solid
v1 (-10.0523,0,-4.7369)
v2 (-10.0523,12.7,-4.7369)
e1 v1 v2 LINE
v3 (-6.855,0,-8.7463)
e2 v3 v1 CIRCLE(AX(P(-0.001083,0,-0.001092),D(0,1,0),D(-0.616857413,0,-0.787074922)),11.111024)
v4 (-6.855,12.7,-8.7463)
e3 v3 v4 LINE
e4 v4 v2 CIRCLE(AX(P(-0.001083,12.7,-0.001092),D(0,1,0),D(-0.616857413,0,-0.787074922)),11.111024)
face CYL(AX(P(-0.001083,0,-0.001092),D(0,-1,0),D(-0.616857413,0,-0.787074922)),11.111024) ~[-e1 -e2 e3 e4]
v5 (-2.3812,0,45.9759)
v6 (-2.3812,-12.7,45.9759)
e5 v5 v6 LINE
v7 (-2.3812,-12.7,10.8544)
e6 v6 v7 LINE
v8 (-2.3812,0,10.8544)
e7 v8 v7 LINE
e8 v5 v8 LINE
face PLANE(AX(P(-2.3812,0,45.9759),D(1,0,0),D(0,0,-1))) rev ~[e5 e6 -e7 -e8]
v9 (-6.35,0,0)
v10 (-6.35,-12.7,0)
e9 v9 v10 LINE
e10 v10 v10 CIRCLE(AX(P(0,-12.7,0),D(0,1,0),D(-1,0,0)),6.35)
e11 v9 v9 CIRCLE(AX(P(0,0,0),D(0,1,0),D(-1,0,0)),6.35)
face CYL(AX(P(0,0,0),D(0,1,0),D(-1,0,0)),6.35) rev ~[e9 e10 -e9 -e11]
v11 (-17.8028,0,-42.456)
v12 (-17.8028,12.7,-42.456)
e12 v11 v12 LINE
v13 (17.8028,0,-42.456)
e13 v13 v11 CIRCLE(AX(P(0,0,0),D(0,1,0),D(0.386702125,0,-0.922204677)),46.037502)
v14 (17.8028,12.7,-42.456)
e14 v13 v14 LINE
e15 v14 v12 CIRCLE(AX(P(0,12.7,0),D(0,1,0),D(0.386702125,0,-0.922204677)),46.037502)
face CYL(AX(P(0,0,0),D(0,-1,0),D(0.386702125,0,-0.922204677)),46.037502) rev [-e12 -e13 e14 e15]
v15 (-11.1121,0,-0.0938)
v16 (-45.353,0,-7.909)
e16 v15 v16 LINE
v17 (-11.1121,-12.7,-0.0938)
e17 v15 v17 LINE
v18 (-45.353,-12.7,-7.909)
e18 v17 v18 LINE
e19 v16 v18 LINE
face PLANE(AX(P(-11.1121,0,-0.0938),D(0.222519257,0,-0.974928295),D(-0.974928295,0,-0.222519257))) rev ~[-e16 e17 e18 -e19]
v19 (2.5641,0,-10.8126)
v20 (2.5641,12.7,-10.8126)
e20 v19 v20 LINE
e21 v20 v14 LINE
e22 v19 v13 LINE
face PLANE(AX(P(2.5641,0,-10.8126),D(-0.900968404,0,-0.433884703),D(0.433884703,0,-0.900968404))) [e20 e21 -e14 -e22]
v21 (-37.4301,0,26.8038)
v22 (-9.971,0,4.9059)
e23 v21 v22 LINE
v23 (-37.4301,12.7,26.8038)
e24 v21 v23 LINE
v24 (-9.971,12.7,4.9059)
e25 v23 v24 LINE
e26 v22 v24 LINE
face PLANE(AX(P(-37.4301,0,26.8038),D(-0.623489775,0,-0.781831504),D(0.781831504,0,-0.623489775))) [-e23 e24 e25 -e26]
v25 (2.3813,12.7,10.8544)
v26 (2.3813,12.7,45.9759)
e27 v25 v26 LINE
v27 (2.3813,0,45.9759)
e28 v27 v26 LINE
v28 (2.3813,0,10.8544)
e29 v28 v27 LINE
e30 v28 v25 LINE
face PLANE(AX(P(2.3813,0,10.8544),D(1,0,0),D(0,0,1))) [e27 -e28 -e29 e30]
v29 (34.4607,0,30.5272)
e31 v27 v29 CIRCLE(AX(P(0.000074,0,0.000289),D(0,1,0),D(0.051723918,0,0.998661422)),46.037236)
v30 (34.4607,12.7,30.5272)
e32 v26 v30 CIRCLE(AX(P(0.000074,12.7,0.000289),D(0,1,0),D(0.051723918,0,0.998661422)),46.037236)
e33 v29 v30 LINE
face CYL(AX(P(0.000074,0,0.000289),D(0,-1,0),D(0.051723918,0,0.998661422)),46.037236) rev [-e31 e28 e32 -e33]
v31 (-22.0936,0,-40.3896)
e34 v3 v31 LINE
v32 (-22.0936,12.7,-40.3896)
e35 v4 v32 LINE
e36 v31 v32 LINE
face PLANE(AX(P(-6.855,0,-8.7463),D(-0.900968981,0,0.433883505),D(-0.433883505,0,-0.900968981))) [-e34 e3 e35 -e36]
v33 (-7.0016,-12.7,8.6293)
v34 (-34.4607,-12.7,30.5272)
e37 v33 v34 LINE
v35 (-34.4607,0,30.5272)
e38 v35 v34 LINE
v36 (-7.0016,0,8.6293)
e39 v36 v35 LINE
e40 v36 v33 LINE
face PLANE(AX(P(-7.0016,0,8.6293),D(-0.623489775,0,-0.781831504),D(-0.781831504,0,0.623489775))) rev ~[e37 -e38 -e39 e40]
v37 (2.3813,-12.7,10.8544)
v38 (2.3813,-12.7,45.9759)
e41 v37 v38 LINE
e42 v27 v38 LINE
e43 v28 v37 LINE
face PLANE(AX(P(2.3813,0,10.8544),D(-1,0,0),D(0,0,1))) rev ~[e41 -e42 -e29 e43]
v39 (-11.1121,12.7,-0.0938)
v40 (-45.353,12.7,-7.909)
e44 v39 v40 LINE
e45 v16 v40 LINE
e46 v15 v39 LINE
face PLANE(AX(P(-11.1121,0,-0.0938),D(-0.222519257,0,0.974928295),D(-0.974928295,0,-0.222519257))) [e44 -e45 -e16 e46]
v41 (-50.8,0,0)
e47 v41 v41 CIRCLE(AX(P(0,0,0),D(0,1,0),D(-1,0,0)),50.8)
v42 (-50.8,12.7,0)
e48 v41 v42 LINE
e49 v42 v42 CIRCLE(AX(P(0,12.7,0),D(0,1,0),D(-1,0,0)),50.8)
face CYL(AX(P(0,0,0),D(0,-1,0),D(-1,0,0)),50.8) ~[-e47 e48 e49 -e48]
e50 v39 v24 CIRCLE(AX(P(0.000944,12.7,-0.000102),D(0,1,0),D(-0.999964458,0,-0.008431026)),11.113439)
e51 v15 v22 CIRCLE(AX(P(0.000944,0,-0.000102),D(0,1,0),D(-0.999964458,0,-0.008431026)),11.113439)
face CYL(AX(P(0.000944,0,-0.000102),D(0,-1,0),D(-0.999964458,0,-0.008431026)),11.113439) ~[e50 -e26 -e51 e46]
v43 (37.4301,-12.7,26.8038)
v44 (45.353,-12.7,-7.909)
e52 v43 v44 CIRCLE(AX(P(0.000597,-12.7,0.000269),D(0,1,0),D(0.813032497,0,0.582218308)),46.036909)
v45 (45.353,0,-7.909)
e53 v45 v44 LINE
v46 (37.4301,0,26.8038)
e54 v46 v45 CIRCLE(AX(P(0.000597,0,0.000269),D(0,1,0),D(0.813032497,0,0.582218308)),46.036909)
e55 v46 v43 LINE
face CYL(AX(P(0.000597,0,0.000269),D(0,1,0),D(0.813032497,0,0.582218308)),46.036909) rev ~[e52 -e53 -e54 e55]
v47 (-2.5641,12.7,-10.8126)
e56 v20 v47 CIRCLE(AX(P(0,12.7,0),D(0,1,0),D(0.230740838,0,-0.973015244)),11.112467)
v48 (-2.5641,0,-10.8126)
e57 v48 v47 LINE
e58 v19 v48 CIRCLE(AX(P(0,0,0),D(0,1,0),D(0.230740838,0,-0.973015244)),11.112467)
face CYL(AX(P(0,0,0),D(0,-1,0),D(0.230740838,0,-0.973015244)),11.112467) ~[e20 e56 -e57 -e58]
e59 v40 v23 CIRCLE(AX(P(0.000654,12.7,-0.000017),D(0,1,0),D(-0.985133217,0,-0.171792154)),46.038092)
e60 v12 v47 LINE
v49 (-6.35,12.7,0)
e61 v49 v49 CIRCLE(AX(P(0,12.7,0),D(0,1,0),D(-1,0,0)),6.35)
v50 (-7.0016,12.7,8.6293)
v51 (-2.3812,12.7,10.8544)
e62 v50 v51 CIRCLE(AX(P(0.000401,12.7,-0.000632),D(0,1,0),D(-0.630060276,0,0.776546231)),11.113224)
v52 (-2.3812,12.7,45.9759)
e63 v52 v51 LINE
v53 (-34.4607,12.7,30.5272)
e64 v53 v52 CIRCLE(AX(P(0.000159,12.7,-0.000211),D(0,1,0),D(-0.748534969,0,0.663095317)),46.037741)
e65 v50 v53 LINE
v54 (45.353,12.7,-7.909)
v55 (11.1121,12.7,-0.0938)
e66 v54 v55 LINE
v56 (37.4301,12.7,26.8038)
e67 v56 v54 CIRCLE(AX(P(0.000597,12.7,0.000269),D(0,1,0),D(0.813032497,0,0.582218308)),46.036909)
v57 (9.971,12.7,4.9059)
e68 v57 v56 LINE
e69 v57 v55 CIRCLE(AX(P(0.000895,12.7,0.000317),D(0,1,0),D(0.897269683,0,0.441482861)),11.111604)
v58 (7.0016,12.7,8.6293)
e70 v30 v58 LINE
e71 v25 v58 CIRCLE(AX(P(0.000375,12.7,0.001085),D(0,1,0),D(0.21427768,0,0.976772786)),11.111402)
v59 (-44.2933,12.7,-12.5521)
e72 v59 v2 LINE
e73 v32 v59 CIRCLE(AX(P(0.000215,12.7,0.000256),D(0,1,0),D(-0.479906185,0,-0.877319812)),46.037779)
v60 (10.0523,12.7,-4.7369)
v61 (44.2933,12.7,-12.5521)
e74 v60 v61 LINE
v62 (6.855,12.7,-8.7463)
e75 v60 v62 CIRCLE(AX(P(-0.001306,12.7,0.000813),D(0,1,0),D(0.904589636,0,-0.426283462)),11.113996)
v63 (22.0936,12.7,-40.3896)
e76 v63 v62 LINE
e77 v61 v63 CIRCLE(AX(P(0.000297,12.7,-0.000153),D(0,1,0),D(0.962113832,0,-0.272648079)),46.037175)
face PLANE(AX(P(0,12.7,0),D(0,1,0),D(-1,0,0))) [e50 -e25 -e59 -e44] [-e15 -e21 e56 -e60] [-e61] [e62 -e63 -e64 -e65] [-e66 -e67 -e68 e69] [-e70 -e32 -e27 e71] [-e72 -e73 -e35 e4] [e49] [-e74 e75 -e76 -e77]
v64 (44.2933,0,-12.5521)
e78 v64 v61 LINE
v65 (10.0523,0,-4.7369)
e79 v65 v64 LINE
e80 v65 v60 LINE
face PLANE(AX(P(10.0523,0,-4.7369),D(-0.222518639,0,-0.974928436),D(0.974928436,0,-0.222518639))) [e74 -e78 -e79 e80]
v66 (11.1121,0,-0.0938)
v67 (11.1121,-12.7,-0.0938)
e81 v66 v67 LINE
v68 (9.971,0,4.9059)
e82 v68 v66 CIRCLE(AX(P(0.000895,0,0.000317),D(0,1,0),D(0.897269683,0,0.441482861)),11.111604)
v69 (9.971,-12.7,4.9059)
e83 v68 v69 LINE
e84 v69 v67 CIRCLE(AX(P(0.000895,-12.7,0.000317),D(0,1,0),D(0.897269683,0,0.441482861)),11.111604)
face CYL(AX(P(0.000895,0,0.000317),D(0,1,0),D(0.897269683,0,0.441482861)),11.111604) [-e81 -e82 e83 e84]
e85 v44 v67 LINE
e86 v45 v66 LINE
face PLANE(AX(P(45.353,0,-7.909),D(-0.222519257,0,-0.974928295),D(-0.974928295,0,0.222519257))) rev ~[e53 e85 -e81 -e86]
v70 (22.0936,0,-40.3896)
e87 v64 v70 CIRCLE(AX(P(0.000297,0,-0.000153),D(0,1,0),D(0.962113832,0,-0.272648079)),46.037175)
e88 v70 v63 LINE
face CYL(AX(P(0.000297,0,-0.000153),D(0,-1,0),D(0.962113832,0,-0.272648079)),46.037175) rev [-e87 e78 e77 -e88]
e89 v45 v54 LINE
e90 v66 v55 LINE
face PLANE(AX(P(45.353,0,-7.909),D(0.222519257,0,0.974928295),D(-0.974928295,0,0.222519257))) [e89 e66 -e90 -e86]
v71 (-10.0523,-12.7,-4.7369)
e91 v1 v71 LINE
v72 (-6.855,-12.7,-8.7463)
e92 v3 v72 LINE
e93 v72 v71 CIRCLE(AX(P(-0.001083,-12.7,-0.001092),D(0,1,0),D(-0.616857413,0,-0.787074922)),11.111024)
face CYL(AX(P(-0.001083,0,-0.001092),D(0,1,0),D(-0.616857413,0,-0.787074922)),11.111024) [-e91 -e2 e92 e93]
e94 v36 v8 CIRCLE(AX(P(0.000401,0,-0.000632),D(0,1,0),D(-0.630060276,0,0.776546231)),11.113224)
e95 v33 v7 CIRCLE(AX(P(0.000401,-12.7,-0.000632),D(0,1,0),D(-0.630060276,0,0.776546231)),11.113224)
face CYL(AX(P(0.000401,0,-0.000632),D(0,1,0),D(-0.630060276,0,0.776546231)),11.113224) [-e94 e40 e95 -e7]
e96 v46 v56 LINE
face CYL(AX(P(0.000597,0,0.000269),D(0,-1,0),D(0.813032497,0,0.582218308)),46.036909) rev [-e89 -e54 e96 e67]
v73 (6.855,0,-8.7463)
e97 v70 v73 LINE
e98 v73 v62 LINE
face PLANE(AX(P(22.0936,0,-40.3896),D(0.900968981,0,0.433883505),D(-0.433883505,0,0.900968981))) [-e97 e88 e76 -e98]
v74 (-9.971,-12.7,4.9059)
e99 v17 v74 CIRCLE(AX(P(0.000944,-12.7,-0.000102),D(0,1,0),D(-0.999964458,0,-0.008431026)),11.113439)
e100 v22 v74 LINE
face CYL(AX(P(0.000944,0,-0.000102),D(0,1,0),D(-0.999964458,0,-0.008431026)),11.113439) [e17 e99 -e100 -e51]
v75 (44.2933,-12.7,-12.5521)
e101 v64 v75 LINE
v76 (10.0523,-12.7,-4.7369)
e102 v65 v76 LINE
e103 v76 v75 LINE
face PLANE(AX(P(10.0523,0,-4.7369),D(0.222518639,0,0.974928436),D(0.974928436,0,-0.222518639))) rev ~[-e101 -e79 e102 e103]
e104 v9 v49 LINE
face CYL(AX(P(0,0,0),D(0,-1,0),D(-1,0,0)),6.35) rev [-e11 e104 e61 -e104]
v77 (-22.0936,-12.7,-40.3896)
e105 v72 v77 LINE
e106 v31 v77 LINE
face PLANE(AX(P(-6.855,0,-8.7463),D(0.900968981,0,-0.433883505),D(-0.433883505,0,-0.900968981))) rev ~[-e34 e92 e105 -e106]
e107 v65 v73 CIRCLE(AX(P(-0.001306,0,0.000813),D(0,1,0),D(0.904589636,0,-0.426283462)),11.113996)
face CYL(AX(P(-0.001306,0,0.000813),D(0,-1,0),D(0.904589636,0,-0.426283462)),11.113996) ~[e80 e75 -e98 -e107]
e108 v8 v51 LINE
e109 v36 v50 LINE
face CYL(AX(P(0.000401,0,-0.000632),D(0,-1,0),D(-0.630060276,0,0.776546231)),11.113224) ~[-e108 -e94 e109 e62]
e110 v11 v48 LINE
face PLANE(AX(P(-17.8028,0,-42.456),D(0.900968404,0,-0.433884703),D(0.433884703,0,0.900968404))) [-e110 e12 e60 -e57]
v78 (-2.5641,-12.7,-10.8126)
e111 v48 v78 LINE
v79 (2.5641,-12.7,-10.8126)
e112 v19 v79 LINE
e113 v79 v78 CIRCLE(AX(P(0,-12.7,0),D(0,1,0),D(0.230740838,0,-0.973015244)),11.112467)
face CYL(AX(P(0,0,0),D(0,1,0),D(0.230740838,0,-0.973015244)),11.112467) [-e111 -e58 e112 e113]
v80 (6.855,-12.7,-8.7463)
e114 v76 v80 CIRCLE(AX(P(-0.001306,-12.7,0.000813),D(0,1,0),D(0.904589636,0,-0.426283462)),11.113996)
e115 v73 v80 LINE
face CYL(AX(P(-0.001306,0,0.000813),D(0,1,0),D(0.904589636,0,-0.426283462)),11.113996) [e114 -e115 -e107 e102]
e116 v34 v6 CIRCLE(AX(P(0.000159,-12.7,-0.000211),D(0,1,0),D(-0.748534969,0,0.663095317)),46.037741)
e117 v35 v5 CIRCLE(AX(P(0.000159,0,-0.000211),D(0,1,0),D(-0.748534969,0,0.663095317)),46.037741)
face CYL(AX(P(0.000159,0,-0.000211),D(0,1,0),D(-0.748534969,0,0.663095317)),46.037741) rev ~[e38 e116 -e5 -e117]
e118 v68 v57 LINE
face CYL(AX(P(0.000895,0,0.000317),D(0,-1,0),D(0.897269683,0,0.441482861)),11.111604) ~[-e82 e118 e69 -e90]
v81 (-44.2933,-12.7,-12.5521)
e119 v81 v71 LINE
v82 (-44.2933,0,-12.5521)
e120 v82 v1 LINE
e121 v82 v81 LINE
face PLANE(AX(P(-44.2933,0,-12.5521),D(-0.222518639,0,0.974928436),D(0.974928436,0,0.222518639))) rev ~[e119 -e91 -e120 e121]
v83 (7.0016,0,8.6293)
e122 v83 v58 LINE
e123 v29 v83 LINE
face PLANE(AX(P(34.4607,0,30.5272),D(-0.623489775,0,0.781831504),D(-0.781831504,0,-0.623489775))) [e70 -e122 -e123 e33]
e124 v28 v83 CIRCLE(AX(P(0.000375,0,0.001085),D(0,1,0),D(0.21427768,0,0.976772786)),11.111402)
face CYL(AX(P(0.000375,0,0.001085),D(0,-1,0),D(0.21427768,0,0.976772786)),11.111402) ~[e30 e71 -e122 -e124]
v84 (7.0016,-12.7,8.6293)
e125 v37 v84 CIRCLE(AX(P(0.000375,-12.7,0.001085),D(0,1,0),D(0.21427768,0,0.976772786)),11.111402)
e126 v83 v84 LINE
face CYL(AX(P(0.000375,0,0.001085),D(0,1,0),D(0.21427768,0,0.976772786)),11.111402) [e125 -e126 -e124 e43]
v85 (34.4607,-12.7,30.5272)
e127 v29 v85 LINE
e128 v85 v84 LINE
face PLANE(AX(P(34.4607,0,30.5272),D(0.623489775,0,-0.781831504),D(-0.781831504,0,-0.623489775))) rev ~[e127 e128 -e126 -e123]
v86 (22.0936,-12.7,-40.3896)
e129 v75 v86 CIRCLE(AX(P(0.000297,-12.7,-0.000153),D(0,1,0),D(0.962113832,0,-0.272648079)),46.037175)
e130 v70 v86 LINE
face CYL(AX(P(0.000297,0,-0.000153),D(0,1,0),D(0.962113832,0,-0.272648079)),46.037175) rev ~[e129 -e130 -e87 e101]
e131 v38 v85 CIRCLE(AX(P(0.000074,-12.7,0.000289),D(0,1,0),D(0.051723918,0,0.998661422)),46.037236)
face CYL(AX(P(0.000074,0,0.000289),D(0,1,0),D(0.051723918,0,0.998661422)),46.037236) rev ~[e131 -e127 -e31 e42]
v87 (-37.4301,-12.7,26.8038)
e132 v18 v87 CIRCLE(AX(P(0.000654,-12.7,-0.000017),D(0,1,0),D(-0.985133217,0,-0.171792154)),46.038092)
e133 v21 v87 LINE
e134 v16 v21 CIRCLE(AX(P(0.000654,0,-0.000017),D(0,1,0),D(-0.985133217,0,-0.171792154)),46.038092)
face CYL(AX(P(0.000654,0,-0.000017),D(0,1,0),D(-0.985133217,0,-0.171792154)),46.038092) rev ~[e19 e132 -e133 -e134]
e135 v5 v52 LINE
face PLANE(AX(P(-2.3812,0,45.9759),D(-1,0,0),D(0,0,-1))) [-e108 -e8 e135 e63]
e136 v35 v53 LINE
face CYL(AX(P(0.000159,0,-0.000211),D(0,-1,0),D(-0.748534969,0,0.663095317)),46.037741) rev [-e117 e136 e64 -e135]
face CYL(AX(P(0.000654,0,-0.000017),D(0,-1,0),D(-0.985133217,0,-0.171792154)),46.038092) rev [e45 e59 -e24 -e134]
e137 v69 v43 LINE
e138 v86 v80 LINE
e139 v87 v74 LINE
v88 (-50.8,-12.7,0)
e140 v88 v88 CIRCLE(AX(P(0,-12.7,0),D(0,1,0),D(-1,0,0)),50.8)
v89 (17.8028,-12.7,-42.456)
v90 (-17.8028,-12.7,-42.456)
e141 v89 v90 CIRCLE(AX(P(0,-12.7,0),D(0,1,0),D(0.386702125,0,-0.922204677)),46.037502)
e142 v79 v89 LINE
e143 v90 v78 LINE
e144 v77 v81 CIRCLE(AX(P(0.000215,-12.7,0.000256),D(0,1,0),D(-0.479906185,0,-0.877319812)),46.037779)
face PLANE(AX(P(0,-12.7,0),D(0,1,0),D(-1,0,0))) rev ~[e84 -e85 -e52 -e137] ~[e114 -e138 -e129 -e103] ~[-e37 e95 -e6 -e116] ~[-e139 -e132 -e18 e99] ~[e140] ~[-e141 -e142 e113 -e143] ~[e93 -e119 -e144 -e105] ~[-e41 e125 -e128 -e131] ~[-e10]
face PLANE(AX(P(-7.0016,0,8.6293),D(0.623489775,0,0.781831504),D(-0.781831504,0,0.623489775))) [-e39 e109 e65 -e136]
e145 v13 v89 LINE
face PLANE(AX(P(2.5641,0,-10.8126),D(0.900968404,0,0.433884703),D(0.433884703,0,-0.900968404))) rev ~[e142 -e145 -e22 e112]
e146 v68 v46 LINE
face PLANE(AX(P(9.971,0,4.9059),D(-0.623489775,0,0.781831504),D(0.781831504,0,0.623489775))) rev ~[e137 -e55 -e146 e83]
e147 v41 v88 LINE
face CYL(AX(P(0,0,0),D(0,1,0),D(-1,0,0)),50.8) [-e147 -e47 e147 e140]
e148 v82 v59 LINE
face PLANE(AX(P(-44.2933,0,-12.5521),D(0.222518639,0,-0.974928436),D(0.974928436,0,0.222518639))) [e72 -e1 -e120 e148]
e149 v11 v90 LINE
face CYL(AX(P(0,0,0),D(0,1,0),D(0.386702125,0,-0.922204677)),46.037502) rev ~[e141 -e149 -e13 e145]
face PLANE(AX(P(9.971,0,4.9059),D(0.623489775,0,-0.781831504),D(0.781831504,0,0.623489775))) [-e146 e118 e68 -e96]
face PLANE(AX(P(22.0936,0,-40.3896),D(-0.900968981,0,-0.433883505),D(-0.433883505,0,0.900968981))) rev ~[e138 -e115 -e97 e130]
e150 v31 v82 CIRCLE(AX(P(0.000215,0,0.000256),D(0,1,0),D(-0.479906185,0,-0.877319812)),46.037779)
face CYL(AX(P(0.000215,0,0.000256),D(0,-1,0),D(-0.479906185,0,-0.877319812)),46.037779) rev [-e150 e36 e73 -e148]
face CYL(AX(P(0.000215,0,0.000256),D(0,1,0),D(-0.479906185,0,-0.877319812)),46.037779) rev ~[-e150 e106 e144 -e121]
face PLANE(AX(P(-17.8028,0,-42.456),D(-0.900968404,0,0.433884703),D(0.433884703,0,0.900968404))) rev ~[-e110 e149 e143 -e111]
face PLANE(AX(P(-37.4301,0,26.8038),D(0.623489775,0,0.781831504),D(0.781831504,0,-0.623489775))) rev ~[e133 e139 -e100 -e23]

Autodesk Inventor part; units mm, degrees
ref_plane "YZ Plane" through (0, 0, 0) normal (1, 0, 0) x (0, 1, 0)
ref_plane "XZ Plane" through (0, 0, 0) normal (0, 1, 0) x (-1, 0, 0)
ref_plane "XY Plane" through (0, 0, 0) normal (0, 0, 1) x (1, 0, 0)
sketch "Sketch1" plane through (0, 0, 0) normal (0, 1, 0) x (-1, 0, 0)
  circle A0 centre (0, 0) radius 6.35
  circle A1 centre (0, 0) radius 50.8
  arc A2 (-17.8028, -42.456) -> (17.8028, -42.456) centre (0, 0) ccw
  line L0 (0, 0) -> (0, -50.8) construction
  arc A3 (-2.5641, -10.8126) -> (2.5641, -10.8126) centre (0, 0) ccw
  line L1 (17.8028, -42.456) -> (2.5641, -10.8126)
  line L2 (-2.5641, -10.8126) -> (-17.8028, -42.456)
  line L3 (6.855, -8.7463) -> (22.0936, -40.3896)
  arc A4 (22.0936, -40.3896) -> (44.2933, -12.5521) centre (0, 0) ccw
  line L4 (44.2933, -12.5521) -> (10.0523, -4.7369)
  arc A5 (6.855, -8.7463) -> (10.0523, -4.7369) centre (0, 0) ccw
  line L5 (11.1121, -0.0938) -> (45.353, -7.909)
  arc A6 (45.353, -7.909) -> (37.4301, 26.8038) centre (0, 0) ccw
  line L6 (37.4301, 26.8038) -> (9.971, 4.9059)
  arc A7 (11.1121, -0.0938) -> (9.971, 4.9059) centre (0, 0) ccw
  line L7 (7.0016, 8.6293) -> (34.4607, 30.5272)
  arc A8 (34.4607, 30.5272) -> (2.3812, 45.9759) centre (0, 0) ccw
  line L8 (2.3812, 45.9759) -> (2.3812, 10.8544)
  arc A9 (7.0016, 8.6293) -> (2.3812, 10.8544) centre (0, 0) ccw
  line L9 (-2.3813, 10.8544) -> (-2.3813, 45.9759)
  arc A10 (-2.3813, 45.9759) -> (-34.4607, 30.5272) centre (0, 0) ccw
  line L10 (-34.4607, 30.5272) -> (-7.0016, 8.6293)
  arc A11 (-2.3813, 10.8544) -> (-7.0016, 8.6293) centre (0, 0) ccw
  line L11 (-9.971, 4.9059) -> (-37.4301, 26.8038)
  arc A12 (-37.4301, 26.8038) -> (-45.353, -7.909) centre (0, 0) ccw
  line L12 (-45.353, -7.909) -> (-11.1121, -0.0938)
  arc A13 (-9.971, 4.9059) -> (-11.1121, -0.0938) centre (0, 0) ccw
  line L13 (-10.0523, -4.7369) -> (-44.2933, -12.5521)
  arc A14 (-44.2933, -12.5521) -> (-22.0936, -40.3896) centre (0, 0) ccw
  line L14 (-22.0936, -40.3896) -> (-6.855, -8.7463)
  arc A15 (-10.0523, -4.7369) -> (-6.855, -8.7463) centre (0, 0) ccw
  point P0 (0, -46.0375)
  point P1 (0, -11.1125)
  point P2 (35.9936, -28.7039)
  point P3 (8.6881, -6.9285)
  point P4 (44.8832, 10.2443)
  point P5 (10.8339, 2.4728)
  point P6 (19.9749, 41.4784)
  point P7 (4.8215, 10.012)
  point P8 (-19.9749, 41.4784)
  point P9 (-4.8215, 10.012)
  point P10 (-44.8832, 10.2443)
  point P11 (-10.8339, 2.4728)
  point P12 (-35.9936, -28.7039)
  point P13 (-8.6881, -6.9285)
  dimension "d1" = 101.6
  dimension "d0" = 12.7
  dimension "d4" = 4.7625
  dimension "d5" = 4.7625
  dimension "d8" = 360
  dimension "d10" = 4.7625
extrude "Extrusion1" add sketch "Sketch1" along normal mid plane 25.4
equation "\"d5\" = d4"
equation "\"d10\" = d4"
properties part number "intake roller" material "Rubber"
